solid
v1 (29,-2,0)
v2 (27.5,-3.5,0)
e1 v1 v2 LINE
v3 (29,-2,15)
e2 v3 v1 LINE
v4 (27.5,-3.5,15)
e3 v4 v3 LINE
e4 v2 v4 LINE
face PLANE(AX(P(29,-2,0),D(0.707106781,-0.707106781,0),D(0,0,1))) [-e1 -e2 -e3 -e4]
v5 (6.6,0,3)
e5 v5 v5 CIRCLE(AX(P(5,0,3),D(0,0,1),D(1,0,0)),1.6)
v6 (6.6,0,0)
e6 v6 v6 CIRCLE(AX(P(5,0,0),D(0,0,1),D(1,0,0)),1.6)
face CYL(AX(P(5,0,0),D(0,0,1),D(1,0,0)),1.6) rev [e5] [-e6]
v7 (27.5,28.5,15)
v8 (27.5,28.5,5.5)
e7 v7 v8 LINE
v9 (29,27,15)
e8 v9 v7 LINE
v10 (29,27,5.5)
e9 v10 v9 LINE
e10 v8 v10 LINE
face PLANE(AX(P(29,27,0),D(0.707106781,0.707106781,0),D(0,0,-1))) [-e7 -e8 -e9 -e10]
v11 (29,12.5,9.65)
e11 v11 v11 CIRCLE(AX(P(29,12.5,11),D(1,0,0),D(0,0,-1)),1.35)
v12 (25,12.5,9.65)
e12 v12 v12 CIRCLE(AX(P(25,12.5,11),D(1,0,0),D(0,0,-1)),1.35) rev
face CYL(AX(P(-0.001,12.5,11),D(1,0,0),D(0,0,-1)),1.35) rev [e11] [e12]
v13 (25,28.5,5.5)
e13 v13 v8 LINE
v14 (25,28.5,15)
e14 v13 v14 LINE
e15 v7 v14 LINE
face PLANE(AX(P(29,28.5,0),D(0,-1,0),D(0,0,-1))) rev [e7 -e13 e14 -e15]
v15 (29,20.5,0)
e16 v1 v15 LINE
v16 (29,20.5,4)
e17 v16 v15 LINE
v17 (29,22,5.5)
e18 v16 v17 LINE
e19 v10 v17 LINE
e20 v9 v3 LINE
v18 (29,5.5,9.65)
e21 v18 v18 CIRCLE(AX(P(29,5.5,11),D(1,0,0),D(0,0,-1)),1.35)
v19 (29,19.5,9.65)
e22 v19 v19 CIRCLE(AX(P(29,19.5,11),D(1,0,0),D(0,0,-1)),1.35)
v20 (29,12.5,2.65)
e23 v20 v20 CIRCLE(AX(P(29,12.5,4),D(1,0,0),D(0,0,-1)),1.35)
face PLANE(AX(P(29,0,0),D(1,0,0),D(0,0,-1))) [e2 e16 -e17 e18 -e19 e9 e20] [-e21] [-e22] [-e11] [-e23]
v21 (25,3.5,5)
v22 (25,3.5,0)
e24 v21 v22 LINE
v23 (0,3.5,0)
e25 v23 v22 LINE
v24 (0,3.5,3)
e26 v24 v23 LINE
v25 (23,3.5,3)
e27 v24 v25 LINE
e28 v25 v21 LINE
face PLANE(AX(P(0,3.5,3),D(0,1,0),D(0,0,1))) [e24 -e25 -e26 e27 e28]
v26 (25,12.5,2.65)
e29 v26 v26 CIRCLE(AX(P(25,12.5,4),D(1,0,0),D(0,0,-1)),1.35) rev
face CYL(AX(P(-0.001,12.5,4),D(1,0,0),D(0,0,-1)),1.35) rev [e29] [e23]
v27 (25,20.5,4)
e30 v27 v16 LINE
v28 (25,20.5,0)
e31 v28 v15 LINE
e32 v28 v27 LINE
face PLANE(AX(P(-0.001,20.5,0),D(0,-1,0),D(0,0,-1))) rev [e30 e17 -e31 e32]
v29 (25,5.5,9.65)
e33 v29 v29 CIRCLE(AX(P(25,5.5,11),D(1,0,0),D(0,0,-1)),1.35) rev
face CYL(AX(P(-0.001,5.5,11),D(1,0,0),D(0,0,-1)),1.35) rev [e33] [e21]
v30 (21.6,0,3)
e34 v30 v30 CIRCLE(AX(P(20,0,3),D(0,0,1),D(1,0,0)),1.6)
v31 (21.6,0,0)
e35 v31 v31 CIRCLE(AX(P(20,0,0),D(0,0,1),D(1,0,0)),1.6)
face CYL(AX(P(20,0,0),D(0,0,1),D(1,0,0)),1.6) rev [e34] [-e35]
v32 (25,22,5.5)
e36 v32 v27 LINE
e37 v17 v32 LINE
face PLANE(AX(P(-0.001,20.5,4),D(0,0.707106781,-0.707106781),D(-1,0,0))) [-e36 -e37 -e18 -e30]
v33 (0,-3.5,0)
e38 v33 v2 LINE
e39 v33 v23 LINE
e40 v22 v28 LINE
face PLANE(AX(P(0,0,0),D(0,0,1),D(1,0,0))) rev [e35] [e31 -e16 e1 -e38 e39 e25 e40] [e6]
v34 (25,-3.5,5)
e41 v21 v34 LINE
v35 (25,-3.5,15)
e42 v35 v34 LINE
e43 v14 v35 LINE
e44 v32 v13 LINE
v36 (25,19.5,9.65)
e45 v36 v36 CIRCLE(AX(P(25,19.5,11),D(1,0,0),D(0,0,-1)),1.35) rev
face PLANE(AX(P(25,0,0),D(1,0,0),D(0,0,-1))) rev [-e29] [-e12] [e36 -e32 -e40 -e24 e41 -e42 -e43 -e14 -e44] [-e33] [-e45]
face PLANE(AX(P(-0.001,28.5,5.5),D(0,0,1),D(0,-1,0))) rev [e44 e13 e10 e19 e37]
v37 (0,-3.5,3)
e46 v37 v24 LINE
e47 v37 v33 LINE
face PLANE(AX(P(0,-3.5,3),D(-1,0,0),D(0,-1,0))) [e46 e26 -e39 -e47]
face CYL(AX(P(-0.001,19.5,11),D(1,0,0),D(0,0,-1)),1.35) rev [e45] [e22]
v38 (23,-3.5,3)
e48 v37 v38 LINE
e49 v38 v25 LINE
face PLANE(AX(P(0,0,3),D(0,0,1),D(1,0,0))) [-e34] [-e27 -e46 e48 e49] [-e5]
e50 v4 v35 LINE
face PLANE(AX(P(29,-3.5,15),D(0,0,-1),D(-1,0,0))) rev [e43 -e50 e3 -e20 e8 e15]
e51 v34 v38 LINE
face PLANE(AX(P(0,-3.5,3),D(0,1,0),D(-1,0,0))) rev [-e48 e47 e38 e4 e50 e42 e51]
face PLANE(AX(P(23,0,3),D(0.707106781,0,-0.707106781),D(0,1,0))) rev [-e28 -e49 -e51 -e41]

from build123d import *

# Parameters (mm, degrees)
SZKIC1_W                    = 25
SZKIC1_H                    = 7
DODANIE_WYCI_GNI_CIE1_DEPTH = 3
SZKIC2_W                    = 15
SZKIC2_H                    = 32
DODANIE_WYCI_GNI_CIE2_DEPTH = 4
SZKIC3_R                    = 1.6
WYTNIJ_WYCI_GNI_CIE1_DEPTH  = 43.393985422
WYTNIJ_WYCI_GNI_CIE2_REACH  = 45.339
SZKIC4_W                    = 5.5
SZKIC4_H                    = 8
WYTNIJ_WYCI_GNI_CIE3_REACH  = 45.339
SZKIC5_R                    = 1.35
SFAZOWANIE1_SIZE            = 1.5
SFAZOWANIE2_SIZE            = 2


with BuildPart() as part:
    # Szkic1 → Dodanie-wyciągnięcie1 (new body)
    with BuildSketch(Plane.XY):
        with Locations((12.5, 0)):
            Rectangle(SZKIC1_W, SZKIC1_H)
    extrude(amount=DODANIE_WYCI_GNI_CIE1_DEPTH)

    # Szkic2 → Dodanie-wyciągnięcie2 (add)
    with BuildSketch(Plane(origin=(25, 0, 0), x_dir=(0, 0, -1), z_dir=(1, 0, 0))):
        with Locations((-7.5, 12.5)):
            Rectangle(SZKIC2_W, SZKIC2_H)
    extrude(amount=DODANIE_WYCI_GNI_CIE2_DEPTH)

    # Szkic3 → Wytnij-wyciągnięcie1 (cut, through all)
    with BuildSketch(Plane.XY.offset(3)):
        with Locations((5, 0)):
            Circle(SZKIC3_R)
        with Locations((20, 0)):
            Circle(SZKIC3_R)
    extrude(amount=-WYTNIJ_WYCI_GNI_CIE1_DEPTH, mode=Mode.SUBTRACT)

    # Szkic4 → Wytnij-wyciągnięcie2 (cut, up to next)
    with BuildSketch(Plane(origin=(29, 0, 0), x_dir=(0, 0, -1), z_dir=(1, 0, 0)), mode=Mode.PRIVATE) as wytnij_wyci_gni_cie2_sk1:
        with Locations((-2.75, 24.5)):
            Rectangle(SZKIC4_W, SZKIC4_H)
    wytnij_wyci_gni_cie2_tool1 = extrude(wytnij_wyci_gni_cie2_sk1.sketch, amount=-WYTNIJ_WYCI_GNI_CIE2_REACH, mode=Mode.PRIVATE) & part.part
    add(wytnij_wyci_gni_cie2_tool1.solids().sort_by_distance((29, 24.5, 2.75))[0], mode=Mode.SUBTRACT)

    # Szkic5 → Wytnij-wyciągnięcie3 (cut, up to next)
    with BuildSketch(Plane(origin=(29, 0, 0), x_dir=(0, 0, -1), z_dir=(1, 0, 0)), mode=Mode.PRIVATE) as wytnij_wyci_gni_cie3_sk1:
        with Locations((-11, 12.5)):
            Circle(SZKIC5_R)
    wytnij_wyci_gni_cie3_tool1 = extrude(wytnij_wyci_gni_cie3_sk1.sketch, amount=-WYTNIJ_WYCI_GNI_CIE3_REACH, mode=Mode.PRIVATE) & part.part
    # Szkic5 → Wytnij-wyciągnięcie3 (cut, up to next)
    with BuildSketch(Plane(origin=(29, 0, 0), x_dir=(0, 0, -1), z_dir=(1, 0, 0)), mode=Mode.PRIVATE) as wytnij_wyci_gni_cie3_sk2:
        with Locations((-4, 12.5)):
            Circle(SZKIC5_R)
    wytnij_wyci_gni_cie3_tool2 = extrude(wytnij_wyci_gni_cie3_sk2.sketch, amount=-WYTNIJ_WYCI_GNI_CIE3_REACH, mode=Mode.PRIVATE) & part.part
    # Szkic5 → Wytnij-wyciągnięcie3 (cut, up to next)
    with BuildSketch(Plane(origin=(29, 0, 0), x_dir=(0, 0, -1), z_dir=(1, 0, 0)), mode=Mode.PRIVATE) as wytnij_wyci_gni_cie3_sk3:
        with Locations((-11, 5.5)):
            Circle(SZKIC5_R)
    wytnij_wyci_gni_cie3_tool3 = extrude(wytnij_wyci_gni_cie3_sk3.sketch, amount=-WYTNIJ_WYCI_GNI_CIE3_REACH, mode=Mode.PRIVATE) & part.part
    # Szkic5 → Wytnij-wyciągnięcie3 (cut, up to next)
    with BuildSketch(Plane(origin=(29, 0, 0), x_dir=(0, 0, -1), z_dir=(1, 0, 0)), mode=Mode.PRIVATE) as wytnij_wyci_gni_cie3_sk4:
        with Locations((-11, 19.5)):
            Circle(SZKIC5_R)
    wytnij_wyci_gni_cie3_tool4 = extrude(wytnij_wyci_gni_cie3_sk4.sketch, amount=-WYTNIJ_WYCI_GNI_CIE3_REACH, mode=Mode.PRIVATE) & part.part
    add(wytnij_wyci_gni_cie3_tool1.solids().sort_by_distance((29, 12.5, 11))[0], mode=Mode.SUBTRACT)
    add(wytnij_wyci_gni_cie3_tool2.solids().sort_by_distance((29, 12.5, 4))[0], mode=Mode.SUBTRACT)
    add(wytnij_wyci_gni_cie3_tool3.solids().sort_by_distance((29, 5.5, 11))[0], mode=Mode.SUBTRACT)
    add(wytnij_wyci_gni_cie3_tool4.solids().sort_by_distance((29, 19.5, 11))[0], mode=Mode.SUBTRACT)

    # Sfazowanie1
    sfazowanie1_edges = [part.edges().sort_by_distance(p)[0] for p in [
        (29, -3.5, 7.5),
        (29, 28.5, 10.25),
        (27, 20.5, 5.5),
    ]]
    chamfer(sfazowanie1_edges, length=SFAZOWANIE1_SIZE)

    # Sfazowanie2
    sfazowanie2_edges = [part.edges().sort_by_distance(p)[0] for p in [
        (25, 0, 3),
    ]]
    chamfer(sfazowanie2_edges, length=SFAZOWANIE2_SIZE)


solid = part.part
